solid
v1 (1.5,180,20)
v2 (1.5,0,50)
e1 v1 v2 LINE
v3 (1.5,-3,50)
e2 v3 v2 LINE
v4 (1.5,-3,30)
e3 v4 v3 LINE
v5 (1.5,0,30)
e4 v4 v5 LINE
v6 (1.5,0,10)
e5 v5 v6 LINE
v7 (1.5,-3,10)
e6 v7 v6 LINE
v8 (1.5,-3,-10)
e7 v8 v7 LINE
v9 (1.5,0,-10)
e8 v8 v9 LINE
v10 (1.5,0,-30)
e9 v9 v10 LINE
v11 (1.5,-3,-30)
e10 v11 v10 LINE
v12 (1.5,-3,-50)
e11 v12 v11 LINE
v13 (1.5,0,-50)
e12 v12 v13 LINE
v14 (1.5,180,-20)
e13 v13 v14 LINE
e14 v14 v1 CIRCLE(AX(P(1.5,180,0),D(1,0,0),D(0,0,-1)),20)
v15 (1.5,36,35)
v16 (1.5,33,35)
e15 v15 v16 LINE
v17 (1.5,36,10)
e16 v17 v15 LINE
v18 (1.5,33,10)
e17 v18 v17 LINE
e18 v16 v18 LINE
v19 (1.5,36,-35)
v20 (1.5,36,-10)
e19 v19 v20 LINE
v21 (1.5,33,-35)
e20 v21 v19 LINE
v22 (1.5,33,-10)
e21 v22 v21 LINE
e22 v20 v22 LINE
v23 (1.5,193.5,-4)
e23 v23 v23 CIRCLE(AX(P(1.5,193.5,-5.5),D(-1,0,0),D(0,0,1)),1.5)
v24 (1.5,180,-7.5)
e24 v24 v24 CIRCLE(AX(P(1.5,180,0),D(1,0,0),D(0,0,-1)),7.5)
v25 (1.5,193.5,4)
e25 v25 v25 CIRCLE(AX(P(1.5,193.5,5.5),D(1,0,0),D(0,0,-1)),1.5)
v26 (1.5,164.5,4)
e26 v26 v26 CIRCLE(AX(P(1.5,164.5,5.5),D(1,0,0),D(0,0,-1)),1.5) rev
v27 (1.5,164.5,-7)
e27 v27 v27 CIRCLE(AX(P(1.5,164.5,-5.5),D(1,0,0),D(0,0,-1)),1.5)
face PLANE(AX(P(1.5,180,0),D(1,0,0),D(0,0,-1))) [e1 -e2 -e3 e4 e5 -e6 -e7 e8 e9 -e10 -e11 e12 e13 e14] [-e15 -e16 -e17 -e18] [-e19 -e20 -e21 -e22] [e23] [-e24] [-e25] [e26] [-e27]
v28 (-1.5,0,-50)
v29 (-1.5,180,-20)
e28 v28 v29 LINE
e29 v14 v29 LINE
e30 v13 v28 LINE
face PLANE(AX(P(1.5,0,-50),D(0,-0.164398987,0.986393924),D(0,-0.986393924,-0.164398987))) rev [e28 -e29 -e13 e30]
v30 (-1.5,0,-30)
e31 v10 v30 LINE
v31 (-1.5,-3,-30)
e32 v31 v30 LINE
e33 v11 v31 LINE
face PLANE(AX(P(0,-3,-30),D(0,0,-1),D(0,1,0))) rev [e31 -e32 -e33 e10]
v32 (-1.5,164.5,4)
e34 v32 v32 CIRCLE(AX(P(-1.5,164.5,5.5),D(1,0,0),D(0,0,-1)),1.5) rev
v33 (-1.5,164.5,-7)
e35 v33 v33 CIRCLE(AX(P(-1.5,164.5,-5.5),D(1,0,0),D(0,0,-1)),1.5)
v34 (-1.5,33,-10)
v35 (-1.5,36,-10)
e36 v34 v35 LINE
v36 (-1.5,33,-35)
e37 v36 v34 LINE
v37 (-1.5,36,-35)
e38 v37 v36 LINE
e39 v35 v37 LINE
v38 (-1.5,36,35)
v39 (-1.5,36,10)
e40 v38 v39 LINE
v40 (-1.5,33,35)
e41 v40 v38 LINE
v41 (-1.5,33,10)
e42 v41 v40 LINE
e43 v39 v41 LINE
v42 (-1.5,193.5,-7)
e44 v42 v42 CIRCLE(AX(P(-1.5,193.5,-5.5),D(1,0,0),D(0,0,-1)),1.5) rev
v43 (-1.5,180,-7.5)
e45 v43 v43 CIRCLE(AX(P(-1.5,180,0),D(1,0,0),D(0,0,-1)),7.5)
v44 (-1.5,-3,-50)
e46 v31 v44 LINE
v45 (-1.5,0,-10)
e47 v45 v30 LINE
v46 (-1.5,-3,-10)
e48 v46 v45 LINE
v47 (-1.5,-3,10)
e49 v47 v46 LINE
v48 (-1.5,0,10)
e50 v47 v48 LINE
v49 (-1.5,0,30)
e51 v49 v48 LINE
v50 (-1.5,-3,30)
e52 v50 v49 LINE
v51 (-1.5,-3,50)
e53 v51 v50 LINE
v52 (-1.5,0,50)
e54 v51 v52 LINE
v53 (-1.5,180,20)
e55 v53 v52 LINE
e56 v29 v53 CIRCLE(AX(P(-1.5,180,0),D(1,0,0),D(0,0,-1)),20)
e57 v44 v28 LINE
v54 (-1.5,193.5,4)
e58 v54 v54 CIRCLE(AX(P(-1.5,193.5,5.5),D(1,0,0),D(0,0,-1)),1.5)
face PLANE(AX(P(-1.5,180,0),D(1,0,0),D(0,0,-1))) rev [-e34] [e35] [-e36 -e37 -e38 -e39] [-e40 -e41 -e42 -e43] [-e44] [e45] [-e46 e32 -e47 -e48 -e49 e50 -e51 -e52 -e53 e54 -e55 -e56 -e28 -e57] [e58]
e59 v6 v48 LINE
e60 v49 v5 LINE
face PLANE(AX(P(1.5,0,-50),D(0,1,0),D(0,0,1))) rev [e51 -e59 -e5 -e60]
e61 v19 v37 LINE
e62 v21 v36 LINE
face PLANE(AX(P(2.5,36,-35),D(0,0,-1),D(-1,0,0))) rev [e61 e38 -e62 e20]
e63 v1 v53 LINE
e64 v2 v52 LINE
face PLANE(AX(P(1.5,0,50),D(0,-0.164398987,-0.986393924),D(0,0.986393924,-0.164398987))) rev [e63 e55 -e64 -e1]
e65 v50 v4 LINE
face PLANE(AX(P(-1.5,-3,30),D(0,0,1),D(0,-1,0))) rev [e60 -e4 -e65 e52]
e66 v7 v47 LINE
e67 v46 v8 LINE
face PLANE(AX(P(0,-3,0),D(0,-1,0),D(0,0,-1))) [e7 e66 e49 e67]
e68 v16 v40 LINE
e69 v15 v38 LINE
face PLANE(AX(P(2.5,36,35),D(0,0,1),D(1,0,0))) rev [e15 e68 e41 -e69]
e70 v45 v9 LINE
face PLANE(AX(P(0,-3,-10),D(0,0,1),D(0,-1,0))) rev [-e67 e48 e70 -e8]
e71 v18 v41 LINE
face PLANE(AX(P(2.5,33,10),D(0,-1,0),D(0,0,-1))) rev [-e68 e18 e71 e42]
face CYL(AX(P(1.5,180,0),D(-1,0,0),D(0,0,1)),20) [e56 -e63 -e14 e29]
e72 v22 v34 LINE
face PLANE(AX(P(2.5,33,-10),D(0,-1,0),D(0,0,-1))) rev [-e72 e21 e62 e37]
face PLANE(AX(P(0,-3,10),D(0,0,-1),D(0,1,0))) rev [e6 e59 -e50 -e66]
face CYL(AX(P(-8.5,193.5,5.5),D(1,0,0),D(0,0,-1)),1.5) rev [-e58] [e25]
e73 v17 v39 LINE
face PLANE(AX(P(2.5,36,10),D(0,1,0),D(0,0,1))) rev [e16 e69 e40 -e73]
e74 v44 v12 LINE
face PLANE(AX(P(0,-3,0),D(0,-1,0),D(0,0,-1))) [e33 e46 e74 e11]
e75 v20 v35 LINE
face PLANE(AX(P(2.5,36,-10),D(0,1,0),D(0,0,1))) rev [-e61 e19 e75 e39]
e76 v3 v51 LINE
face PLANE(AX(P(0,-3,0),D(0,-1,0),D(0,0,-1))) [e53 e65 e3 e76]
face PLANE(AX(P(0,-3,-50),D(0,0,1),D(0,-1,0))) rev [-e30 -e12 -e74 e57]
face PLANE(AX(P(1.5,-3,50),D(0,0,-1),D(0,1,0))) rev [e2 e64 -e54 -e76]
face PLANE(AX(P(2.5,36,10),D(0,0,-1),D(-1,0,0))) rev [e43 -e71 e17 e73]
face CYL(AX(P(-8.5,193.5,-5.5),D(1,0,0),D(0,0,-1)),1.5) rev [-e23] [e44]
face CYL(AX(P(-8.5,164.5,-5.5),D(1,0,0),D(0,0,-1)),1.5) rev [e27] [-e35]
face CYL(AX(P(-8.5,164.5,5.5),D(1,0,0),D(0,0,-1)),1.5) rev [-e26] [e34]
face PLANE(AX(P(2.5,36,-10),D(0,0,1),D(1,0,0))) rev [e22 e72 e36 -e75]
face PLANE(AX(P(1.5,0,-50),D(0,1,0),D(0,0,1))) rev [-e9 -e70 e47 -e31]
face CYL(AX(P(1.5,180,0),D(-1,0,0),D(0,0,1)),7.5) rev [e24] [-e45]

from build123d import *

# Parameters (mm, degrees)
SKETCH2_R           = 7.5
BOSS_EXTRUDE1_DEPTH = 1.5
SKETCH3_W           = 25
SKETCH3_H           = 3
CUT_EXTRUDE1_DEPTH  = 4
SKETCH4_W           = 3
SKETCH4_H           = 20
BOSS_EXTRUDE2_DEPTH = 3
SKETCH5_R           = 1.5
CUT_EXTRUDE2_DEPTH  = 10


with BuildPart() as part:
    # Sketch2 → Boss-Extrude1 (new, symmetric)
    with BuildSketch(Plane(origin=(0, 0, 0), x_dir=(0, 0, -1), z_dir=(1, 0, 0))):
        with BuildLine():
            Line((50, 0), (-50, 0))
            Line((-50, 0), (-20, 180))
            ThreePointArc((-20, 180), (0, 200), (20, 180))
            Line((20, 180), (50, 0))
        make_face()
        with Locations((0, 180)):
            Circle(SKETCH2_R, mode=Mode.SUBTRACT)
    extrude(amount=BOSS_EXTRUDE1_DEPTH, both=True)

    # Sketch3 → Cut-Extrude1 (cut)
    with BuildSketch(Plane.ZY.offset(1.5)):
        with Locations((22.5, 34.5)):
            Rectangle(SKETCH3_W, SKETCH3_H)
        with Locations((-22.5, 34.5)):
            Rectangle(SKETCH3_W, SKETCH3_H)
    extrude(amount=-CUT_EXTRUDE1_DEPTH, mode=Mode.SUBTRACT)

    # Sketch4 → Boss-Extrude2 (add)
    with BuildSketch(Plane.XZ):
        Rectangle(SKETCH4_W, SKETCH4_H)
        with Locations((0, -40)):
            Rectangle(SKETCH4_W, SKETCH4_H)
        with Locations((0, 40)):
            Rectangle(SKETCH4_W, SKETCH4_H)
    extrude(amount=BOSS_EXTRUDE2_DEPTH)

    # Sketch5 → Cut-Extrude2 (cut)
    with BuildSketch(Plane(origin=(1.5, 0, 0), x_dir=(0, 0, -1), z_dir=(1, 0, 0))):
        with Locations((-5.5, 193.5)):
            Circle(SKETCH5_R)
        with Locations((-5.5, 164.5)):
            Circle(SKETCH5_R)
        with Locations((5.5, 164.5)):
            Circle(SKETCH5_R)
        with Locations((5.5, 193.5)):
            Circle(SKETCH5_R)
    extrude(amount=-CUT_EXTRUDE2_DEPTH, mode=Mode.SUBTRACT)


solid = part.part
